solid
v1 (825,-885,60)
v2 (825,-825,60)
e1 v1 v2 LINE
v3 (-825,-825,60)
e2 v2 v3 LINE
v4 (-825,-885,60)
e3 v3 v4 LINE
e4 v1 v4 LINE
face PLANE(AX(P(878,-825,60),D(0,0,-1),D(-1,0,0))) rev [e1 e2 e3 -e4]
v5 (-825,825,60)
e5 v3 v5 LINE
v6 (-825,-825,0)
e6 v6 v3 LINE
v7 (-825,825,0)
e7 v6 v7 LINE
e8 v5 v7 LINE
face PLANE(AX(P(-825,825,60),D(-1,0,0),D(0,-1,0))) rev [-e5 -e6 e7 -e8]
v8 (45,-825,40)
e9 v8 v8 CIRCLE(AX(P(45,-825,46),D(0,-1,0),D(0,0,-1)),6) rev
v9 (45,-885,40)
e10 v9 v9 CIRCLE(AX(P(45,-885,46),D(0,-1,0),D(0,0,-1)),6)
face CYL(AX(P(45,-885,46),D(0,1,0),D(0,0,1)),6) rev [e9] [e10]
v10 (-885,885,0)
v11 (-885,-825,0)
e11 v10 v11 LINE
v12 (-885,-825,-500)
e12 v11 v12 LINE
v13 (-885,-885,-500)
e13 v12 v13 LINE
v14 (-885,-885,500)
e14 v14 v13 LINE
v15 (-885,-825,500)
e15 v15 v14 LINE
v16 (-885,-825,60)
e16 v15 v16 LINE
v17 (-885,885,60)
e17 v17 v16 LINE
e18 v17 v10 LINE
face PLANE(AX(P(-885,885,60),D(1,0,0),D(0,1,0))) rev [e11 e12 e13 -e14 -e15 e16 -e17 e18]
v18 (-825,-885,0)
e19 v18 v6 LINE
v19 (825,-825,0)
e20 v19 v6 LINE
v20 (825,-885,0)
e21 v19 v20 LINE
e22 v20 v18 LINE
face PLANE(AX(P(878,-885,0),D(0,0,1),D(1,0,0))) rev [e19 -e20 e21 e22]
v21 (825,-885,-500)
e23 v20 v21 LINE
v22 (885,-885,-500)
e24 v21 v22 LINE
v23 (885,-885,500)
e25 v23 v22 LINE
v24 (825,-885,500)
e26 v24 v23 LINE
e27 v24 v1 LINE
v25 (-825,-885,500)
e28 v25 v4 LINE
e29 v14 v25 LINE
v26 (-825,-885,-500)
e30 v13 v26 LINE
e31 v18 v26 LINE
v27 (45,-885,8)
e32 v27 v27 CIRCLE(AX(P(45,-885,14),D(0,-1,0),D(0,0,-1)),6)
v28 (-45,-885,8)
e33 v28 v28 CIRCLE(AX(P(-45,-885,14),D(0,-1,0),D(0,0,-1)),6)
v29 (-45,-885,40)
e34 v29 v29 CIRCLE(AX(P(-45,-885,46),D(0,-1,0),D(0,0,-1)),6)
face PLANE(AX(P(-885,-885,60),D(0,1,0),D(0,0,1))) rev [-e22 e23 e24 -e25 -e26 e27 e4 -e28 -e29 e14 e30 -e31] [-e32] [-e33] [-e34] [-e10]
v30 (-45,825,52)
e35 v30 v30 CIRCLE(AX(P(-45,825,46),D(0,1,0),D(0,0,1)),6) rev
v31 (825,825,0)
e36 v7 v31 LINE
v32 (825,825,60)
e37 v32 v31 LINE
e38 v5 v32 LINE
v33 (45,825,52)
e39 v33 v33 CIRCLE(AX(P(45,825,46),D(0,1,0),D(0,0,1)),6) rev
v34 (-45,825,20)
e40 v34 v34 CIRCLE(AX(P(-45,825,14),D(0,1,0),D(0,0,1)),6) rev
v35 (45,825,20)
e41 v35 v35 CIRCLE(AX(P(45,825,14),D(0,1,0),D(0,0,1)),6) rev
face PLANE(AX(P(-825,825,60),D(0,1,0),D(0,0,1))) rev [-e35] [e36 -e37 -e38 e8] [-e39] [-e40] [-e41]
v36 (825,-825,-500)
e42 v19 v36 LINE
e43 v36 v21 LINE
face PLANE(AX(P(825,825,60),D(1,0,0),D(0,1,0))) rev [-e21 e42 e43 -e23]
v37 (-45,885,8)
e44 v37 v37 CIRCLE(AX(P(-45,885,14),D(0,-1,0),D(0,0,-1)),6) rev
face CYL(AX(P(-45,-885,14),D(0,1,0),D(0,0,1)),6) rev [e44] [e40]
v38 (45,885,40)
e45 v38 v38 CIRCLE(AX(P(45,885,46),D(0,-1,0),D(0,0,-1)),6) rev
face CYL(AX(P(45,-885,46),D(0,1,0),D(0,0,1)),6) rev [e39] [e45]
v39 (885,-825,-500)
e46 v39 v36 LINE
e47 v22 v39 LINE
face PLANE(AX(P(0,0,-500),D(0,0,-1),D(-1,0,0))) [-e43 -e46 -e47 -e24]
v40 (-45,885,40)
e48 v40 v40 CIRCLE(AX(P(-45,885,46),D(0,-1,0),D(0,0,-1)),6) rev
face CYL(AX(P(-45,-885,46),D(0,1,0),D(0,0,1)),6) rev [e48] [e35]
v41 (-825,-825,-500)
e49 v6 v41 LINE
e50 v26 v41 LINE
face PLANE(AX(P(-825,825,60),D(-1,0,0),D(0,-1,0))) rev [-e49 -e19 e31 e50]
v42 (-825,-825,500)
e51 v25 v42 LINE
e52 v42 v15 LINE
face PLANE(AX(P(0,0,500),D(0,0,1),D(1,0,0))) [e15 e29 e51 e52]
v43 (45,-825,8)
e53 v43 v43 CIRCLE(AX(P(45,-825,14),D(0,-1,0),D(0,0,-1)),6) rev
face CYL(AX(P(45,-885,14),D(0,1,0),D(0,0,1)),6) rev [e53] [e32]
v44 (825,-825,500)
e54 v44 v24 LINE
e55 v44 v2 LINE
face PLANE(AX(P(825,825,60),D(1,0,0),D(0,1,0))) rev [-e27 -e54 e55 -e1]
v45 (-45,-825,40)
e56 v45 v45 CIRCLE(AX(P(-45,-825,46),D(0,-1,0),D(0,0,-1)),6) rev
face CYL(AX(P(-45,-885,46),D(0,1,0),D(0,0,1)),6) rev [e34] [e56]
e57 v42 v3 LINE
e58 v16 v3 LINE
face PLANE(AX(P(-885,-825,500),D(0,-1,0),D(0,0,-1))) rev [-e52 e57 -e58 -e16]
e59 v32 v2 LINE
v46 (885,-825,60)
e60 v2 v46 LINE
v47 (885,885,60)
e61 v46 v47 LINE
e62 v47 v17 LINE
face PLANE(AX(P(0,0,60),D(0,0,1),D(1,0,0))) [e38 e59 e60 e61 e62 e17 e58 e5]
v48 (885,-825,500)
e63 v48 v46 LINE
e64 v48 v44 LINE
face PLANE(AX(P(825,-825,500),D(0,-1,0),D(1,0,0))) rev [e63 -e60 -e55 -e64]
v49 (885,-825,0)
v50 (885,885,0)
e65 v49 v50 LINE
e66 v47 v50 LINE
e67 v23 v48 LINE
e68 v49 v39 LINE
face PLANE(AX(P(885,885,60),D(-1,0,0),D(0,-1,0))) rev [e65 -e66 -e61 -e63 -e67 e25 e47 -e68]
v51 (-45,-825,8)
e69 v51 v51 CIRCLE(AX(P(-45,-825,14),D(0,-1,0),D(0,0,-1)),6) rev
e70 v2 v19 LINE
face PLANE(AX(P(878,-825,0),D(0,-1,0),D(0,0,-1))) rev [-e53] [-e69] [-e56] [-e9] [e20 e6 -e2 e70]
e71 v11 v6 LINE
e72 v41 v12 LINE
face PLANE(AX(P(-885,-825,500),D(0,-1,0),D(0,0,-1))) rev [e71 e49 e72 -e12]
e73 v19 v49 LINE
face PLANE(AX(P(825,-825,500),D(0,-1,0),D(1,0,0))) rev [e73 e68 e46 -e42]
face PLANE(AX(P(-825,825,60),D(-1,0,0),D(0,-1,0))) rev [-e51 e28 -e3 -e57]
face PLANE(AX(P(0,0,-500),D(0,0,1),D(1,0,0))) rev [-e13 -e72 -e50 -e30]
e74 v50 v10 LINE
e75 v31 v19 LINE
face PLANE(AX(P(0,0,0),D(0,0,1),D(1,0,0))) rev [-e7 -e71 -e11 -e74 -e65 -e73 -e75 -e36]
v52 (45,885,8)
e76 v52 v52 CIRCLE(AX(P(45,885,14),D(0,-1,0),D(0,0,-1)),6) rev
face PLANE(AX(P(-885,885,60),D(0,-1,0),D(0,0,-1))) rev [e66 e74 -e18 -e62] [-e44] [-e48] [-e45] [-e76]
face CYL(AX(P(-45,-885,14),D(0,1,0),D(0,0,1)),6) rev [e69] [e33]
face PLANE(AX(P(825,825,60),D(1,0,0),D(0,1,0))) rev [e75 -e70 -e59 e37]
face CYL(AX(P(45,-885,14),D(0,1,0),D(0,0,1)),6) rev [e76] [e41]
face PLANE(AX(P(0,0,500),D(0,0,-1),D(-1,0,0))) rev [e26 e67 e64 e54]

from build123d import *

# Parameters (mm, degrees)
BOSS_EXTRUDE2_DEPTH     = 60
SKETCH2_W               = 60
SKETCH2_H               = 60
BOSS_EXTRUDE3_DEPTH     = 500
SKETCH4_W               = 60
SKETCH4_H               = 60
BOSS_EXTRUDE4_DEPTH     = 1703
CUT_EXTRUDE2_DEPTH      = 1990.302641631
CUT_EXTRUDE2_DEPTH_BACK = 298
SKETCH5_R               = 6


with BuildPart() as part:
    # Sketch1 → Boss-Extrude2 (new body)
    with BuildSketch(Plane.XY):
        Polygon((885, 885), (885, -885), (825, -885), (825, -825), (825, 825), (-825, 825), (-825, -825), (-825, -885), (-885, -885), (-885, 885), align=None)
    extrude(amount=BOSS_EXTRUDE2_DEPTH)

    # Sketch2 → Boss-Extrude3 (add, symmetric)
    with BuildSketch(Plane.XY):
        with Locations((-855, -855)):
            Rectangle(SKETCH2_W, SKETCH2_H)
        with Locations((855, -855)):
            Rectangle(SKETCH2_W, SKETCH2_H)
    extrude(amount=BOSS_EXTRUDE3_DEPTH, both=True)

    # Sketch4 → Boss-Extrude4 (add)
    with BuildSketch(Plane(origin=(-825, 0, 0), x_dir=(0, 0, -1), z_dir=(1, 0, 0))):
        with Locations((-30, -855)):
            Rectangle(SKETCH4_W, SKETCH4_H)
    extrude(amount=BOSS_EXTRUDE4_DEPTH)

    # Sketch5 → Cut-Extrude2 (cut, two sides: drawn at the far end of the back side and taken through both)
    with BuildSketch(Plane.XZ.offset(-825).offset(-CUT_EXTRUDE2_DEPTH_BACK)):
        with Locations(Location((-45, 46, 0), (0, 0, 270))):
            Circle(SKETCH5_R)
        with Locations(Location((-45, 14, 0), (0, 0, 270))):
            Circle(SKETCH5_R)
        with Locations(Location((45, 46, 0), (0, 0, 270))):
            Circle(SKETCH5_R)
        with Locations(Location((45, 14, 0), (0, 0, 270))):
            Circle(SKETCH5_R)
    extrude(amount=CUT_EXTRUDE2_DEPTH + CUT_EXTRUDE2_DEPTH_BACK, mode=Mode.SUBTRACT)


solid = part.part
